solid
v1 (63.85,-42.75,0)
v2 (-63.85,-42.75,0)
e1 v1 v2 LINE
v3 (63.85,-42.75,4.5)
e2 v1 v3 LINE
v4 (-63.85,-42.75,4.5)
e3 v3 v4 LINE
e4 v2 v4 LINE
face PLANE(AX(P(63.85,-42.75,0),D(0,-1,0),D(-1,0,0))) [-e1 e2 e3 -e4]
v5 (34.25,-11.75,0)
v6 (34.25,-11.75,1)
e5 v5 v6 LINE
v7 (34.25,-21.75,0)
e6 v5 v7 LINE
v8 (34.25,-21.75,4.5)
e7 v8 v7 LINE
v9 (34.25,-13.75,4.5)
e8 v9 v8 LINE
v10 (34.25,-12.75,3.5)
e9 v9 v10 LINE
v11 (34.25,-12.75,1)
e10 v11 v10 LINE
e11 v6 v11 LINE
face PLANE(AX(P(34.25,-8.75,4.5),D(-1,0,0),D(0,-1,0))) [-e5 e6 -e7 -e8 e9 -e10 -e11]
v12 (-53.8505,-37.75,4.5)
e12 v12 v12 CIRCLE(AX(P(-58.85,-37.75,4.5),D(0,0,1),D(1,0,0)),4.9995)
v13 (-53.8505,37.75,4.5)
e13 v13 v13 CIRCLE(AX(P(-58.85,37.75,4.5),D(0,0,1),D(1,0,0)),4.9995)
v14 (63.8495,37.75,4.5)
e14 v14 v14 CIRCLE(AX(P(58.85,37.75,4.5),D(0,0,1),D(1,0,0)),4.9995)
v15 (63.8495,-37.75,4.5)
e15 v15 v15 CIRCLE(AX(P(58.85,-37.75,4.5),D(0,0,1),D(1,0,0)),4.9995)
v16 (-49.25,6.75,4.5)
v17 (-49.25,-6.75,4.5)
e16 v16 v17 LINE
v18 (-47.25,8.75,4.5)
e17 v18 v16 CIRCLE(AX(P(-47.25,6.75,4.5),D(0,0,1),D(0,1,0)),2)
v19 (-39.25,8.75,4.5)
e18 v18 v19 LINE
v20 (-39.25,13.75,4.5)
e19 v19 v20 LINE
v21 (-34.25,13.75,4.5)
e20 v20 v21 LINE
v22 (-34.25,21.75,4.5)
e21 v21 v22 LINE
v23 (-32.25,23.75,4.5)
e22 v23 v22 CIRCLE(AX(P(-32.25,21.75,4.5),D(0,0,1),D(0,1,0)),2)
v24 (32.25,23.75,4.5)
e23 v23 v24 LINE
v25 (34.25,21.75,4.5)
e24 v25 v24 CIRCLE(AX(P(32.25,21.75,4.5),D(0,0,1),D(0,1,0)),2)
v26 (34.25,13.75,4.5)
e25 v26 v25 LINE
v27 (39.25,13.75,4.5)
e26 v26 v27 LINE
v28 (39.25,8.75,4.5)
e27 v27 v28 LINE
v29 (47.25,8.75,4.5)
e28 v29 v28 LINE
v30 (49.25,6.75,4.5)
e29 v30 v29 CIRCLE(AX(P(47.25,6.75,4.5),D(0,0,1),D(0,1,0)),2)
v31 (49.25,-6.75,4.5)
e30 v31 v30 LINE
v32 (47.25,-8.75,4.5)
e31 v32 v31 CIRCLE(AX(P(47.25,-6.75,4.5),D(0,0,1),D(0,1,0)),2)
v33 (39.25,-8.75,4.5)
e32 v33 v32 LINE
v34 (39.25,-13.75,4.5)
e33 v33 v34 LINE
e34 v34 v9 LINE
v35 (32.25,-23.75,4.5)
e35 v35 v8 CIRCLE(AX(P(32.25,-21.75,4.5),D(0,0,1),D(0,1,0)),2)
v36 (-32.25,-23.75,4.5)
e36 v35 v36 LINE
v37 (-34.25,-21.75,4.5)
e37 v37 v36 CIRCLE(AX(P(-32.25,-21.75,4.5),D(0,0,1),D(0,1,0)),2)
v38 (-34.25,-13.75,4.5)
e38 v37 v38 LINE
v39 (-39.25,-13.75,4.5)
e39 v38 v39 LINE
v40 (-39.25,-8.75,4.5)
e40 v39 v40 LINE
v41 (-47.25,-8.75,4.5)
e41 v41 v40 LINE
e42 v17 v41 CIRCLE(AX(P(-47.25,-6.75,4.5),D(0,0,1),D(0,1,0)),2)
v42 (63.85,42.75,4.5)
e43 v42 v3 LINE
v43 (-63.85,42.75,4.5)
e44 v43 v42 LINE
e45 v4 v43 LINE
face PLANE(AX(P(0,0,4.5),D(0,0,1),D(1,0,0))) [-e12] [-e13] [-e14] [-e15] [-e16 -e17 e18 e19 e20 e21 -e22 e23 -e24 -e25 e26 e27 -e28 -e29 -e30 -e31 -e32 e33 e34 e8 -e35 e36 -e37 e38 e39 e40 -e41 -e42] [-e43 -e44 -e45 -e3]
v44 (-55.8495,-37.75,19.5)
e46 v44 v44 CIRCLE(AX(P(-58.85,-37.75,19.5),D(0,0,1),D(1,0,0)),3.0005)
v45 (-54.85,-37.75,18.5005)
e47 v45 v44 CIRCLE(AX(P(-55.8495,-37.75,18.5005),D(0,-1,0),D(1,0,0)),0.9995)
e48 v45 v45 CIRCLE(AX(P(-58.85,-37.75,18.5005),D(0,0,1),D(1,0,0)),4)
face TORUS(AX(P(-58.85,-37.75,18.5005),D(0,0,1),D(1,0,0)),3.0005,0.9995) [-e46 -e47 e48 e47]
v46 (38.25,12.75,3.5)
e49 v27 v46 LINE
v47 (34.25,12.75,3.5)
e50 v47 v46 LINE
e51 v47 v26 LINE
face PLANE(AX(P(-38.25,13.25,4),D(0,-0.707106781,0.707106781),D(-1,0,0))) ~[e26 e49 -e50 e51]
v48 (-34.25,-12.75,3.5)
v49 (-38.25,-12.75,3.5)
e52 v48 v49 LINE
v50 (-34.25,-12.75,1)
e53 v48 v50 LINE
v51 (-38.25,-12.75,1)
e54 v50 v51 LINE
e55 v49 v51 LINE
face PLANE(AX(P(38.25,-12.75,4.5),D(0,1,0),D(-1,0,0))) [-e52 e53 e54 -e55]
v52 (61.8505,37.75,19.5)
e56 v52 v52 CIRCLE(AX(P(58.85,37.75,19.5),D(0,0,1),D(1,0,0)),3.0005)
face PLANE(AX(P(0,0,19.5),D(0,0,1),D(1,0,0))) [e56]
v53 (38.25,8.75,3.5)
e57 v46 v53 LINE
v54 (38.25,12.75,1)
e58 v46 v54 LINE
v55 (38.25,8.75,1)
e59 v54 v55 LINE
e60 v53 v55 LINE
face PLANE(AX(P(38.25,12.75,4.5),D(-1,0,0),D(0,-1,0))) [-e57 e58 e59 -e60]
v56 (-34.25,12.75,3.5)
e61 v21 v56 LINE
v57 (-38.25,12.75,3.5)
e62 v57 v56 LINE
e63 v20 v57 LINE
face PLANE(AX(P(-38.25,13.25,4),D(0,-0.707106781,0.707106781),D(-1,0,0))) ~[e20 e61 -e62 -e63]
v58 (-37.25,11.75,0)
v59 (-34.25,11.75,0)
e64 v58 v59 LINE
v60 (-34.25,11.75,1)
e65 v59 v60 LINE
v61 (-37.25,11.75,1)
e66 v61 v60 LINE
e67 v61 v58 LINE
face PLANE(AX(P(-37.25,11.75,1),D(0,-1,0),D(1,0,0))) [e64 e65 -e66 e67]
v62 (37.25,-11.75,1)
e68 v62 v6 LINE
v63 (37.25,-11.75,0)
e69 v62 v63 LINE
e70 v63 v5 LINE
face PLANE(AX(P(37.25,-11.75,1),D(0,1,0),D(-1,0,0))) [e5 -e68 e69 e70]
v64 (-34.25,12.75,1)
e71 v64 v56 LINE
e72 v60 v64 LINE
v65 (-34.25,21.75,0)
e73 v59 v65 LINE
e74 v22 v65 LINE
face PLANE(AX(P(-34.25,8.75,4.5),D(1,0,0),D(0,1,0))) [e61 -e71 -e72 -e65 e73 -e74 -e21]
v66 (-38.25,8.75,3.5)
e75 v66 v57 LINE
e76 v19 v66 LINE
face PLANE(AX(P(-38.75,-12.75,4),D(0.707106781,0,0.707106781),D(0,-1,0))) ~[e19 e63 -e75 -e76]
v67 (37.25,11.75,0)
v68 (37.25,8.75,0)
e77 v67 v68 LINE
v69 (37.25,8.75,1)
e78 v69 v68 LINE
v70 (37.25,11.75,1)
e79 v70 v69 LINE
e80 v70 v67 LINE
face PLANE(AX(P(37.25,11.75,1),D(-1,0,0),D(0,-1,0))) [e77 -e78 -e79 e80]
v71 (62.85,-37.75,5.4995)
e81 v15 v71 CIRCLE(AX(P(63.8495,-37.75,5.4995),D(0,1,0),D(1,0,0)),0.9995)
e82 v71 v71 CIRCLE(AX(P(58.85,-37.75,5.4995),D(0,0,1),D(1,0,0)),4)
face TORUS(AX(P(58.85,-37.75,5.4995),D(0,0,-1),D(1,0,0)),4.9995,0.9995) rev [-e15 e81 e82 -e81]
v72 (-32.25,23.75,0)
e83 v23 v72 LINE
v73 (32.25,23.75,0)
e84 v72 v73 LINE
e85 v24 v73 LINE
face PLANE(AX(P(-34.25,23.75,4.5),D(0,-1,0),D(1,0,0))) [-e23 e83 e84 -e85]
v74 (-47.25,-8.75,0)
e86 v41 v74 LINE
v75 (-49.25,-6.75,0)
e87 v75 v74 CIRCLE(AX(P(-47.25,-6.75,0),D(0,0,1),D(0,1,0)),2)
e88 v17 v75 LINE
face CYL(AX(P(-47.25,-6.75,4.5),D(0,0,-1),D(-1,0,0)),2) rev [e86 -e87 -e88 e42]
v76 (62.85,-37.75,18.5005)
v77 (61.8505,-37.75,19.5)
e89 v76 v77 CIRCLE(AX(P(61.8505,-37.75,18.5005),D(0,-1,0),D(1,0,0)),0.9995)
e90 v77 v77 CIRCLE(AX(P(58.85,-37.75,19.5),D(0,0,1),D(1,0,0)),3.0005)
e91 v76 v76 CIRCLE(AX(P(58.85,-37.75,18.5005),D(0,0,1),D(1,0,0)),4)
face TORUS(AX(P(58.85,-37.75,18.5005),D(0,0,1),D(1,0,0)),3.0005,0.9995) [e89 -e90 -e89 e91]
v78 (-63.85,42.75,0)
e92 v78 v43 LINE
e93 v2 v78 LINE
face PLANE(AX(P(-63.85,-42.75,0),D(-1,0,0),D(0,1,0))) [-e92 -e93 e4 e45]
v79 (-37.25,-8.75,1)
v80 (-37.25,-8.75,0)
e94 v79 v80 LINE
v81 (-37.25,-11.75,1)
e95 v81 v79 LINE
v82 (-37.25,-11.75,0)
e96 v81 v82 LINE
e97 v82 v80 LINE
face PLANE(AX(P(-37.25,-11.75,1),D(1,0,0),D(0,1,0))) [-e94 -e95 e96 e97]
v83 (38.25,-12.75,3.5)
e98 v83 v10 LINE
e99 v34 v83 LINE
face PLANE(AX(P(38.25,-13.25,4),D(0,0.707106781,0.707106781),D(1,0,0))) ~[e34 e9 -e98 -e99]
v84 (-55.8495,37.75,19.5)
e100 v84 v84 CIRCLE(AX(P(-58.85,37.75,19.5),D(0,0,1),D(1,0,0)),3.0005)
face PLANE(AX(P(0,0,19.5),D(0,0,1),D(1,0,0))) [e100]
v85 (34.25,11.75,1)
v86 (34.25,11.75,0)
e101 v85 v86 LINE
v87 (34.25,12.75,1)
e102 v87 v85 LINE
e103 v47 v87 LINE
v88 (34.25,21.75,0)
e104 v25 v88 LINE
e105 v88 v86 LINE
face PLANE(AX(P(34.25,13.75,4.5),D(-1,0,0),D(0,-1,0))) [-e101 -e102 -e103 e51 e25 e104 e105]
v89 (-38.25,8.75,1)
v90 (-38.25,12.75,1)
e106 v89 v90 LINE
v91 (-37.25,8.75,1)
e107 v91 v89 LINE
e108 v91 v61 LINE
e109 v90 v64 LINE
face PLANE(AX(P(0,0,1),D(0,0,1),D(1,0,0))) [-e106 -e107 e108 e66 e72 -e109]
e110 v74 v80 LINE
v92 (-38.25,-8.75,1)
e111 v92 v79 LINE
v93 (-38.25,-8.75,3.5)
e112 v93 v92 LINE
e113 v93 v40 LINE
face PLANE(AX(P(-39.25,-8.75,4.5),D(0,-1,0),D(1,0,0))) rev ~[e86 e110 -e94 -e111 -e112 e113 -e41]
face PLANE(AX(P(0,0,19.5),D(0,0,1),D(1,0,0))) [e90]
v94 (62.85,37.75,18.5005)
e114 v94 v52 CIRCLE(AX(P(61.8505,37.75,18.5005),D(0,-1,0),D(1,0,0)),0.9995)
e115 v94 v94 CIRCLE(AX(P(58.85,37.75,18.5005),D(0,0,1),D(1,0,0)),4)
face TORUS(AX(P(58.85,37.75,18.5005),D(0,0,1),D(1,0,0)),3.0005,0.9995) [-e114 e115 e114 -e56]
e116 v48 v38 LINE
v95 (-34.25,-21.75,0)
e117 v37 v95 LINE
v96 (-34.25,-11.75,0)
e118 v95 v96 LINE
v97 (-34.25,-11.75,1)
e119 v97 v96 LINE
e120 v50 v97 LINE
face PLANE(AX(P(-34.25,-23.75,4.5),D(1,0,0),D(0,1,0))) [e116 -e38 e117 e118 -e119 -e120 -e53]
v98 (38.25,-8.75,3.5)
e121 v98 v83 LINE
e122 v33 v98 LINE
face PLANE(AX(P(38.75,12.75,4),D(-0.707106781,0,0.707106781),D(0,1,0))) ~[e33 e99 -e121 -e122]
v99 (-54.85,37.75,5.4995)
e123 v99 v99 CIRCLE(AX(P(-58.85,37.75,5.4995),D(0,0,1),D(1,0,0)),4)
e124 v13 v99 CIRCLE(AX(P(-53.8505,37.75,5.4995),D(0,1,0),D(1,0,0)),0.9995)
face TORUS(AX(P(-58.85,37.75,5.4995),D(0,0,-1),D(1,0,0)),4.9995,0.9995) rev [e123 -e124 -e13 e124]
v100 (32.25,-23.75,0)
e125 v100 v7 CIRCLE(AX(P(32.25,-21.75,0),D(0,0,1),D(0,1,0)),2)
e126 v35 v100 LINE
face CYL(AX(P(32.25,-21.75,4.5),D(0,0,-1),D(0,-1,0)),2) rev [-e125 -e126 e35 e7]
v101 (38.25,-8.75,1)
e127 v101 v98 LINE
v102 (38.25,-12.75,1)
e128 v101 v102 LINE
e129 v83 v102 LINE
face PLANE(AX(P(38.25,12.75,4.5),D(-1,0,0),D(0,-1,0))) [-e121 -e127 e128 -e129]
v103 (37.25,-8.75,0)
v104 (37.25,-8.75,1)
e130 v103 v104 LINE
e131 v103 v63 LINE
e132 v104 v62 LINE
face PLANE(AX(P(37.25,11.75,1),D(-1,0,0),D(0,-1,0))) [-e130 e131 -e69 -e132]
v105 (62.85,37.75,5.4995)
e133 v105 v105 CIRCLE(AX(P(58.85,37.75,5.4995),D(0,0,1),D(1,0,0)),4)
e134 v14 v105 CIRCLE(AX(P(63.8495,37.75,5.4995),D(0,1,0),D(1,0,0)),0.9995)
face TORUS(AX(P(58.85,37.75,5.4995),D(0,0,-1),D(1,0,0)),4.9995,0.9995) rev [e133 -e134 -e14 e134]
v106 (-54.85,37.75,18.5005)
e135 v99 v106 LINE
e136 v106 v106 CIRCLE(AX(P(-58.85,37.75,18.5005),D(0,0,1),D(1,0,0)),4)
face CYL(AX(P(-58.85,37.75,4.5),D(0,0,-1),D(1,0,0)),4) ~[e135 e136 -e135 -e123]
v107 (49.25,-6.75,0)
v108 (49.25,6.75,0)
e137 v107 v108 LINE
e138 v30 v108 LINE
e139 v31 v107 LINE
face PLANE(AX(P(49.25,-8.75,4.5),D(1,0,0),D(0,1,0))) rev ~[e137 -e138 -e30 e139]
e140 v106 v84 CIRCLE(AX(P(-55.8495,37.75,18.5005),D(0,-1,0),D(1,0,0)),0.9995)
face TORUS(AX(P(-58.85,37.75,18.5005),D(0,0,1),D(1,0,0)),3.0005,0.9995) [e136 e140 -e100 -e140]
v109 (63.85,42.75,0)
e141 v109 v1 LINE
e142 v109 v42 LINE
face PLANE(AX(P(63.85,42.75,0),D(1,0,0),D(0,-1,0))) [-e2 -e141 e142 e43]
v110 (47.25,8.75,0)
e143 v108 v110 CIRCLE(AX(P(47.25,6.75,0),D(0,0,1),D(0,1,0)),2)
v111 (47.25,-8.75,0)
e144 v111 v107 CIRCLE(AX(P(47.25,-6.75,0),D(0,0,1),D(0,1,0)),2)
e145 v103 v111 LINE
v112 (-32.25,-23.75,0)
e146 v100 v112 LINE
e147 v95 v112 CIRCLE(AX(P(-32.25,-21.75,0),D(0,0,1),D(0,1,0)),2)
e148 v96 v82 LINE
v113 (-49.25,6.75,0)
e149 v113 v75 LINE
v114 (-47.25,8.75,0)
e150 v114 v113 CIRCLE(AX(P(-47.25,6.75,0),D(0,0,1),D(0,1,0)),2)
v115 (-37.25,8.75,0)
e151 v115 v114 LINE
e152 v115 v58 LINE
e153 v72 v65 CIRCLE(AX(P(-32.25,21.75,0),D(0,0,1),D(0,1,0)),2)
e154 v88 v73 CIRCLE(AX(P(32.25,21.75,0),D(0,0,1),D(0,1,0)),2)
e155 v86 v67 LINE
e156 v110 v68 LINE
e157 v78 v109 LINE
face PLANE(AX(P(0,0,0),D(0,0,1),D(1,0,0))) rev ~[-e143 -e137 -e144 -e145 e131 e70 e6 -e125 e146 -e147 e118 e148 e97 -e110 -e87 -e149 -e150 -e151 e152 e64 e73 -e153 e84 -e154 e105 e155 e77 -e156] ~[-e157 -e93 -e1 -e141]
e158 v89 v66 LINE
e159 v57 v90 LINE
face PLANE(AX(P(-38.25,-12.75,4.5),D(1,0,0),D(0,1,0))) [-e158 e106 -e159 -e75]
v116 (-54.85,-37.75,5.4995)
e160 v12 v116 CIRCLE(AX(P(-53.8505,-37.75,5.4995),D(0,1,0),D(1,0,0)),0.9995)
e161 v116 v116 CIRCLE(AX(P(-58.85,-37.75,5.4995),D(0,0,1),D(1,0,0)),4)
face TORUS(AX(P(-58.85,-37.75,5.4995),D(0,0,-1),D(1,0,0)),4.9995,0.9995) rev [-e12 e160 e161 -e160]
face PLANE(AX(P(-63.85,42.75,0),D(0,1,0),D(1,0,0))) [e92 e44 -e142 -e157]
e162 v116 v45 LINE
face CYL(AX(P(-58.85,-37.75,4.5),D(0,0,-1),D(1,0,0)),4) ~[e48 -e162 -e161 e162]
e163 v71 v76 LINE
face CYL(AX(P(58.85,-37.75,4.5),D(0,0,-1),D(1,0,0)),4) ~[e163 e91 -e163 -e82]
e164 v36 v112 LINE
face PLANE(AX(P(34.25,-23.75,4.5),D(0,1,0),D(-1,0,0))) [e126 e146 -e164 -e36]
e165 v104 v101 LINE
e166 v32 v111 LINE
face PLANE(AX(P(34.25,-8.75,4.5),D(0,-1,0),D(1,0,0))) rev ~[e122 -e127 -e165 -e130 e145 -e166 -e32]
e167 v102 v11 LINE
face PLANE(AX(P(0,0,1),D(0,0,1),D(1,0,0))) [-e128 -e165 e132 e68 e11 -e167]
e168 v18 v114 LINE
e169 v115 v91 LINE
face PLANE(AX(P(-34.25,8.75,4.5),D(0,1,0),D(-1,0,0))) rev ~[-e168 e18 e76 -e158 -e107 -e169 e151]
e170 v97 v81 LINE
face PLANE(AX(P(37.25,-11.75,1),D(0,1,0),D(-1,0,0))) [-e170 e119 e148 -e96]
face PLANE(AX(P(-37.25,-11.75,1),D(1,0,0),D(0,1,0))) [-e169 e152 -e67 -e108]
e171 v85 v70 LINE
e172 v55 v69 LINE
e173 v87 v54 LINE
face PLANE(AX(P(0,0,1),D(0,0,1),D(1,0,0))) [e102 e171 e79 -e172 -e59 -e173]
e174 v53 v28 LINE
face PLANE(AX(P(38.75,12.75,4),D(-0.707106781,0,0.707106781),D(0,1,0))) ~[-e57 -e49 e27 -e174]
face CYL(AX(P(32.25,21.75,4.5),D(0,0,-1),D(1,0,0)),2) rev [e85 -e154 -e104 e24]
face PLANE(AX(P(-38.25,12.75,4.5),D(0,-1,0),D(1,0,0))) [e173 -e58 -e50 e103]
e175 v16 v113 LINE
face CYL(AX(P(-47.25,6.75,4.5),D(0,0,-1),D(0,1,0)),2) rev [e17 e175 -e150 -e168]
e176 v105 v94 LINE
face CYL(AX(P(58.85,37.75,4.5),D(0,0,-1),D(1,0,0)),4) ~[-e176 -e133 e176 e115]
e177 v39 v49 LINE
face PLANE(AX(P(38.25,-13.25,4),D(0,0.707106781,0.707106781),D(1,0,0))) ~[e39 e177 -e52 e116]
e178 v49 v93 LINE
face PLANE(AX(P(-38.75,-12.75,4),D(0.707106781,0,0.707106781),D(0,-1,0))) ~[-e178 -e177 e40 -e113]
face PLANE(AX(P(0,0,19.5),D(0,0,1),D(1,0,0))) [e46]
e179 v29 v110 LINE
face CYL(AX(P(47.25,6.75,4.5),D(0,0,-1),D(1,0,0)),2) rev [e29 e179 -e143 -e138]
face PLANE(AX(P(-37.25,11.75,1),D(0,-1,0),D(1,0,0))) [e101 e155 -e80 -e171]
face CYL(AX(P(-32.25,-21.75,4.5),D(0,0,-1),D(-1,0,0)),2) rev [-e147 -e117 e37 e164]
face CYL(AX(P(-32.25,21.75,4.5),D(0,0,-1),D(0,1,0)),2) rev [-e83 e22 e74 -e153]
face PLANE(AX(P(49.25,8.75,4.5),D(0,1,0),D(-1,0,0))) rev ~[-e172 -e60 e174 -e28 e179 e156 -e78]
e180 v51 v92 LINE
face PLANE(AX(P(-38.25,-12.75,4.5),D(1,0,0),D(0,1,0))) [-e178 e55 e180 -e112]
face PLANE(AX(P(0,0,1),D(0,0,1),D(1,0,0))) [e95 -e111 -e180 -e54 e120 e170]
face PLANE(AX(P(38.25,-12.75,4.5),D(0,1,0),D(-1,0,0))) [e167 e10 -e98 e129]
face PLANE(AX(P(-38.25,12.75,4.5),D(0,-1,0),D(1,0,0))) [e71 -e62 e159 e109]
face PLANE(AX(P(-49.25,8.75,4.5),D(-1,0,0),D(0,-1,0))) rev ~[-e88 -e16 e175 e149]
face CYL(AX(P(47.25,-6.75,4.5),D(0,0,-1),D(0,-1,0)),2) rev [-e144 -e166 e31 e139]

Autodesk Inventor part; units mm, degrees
ref_plane "YZ Plane" through (0, 0, 0) normal (1, 0, 0) x (0, 1, 0)
ref_plane "XZ Plane" through (0, 0, 0) normal (0, 1, 0) x (-1, 0, 0)
ref_plane "XY Plane" through (0, 0, 0) normal (0, 0, 1) x (1, 0, 0)
sketch "Sketch1" plane through (0, 0, 0) normal (0, 0, 1) x (1, 0, 0)
  line L0 (-63.85, 42.75) -> (63.85, 42.75)
  line L1 (63.85, 42.75) -> (63.85, -42.75)
  line L2 (63.85, -42.75) -> (-63.85, -42.75)
  line L3 (-63.85, -42.75) -> (-63.85, 42.75)
  line L4 (-63.85, 42.75) -> (63.85, -42.75) construction
  line L5 (63.85, 42.75) -> (-63.85, -42.75) construction
  point P0 (0, 0)
  dimension "d0" = 127.7
  dimension "d1" = 85.5
extrude "Extrusion1" add sketch "Sketch1" along normal blind 4.5
sketch "Sketch2" plane through (0, 0, 4.5) normal (0, 0, 1) x (1, 0, 0)
  line L0 (-38.25, 12.75) -> (38.25, 12.75)
  line L1 (38.25, 12.75) -> (38.25, -12.75)
  line L2 (38.25, -12.75) -> (-38.25, -12.75)
  line L3 (-38.25, -12.75) -> (-38.25, 12.75)
  line L4 (-38.25, 12.75) -> (38.25, -12.75) construction
  line L5 (38.25, 12.75) -> (-38.25, -12.75) construction
  point P0 (0, 0)
  dimension "d4" = 76.5
  dimension "d5" = 25.5
extrude "Extrusion2" cut sketch "Sketch2" against normal blind 3.5
sketch "Sketch3" plane through (0, 0, 1) normal (0, 0, 1) x (1, 0, 0)
  line L0 (-38.25, 12.75) -> (38.25, 12.75) projected
  line L1 (38.25, 12.75) -> (38.25, -12.75) projected
  line L2 (-37.25, 11.75) -> (37.25, 11.75)
  line L3 (37.25, 11.75) -> (37.25, -11.75)
  line L4 (37.25, -11.75) -> (-37.25, -11.75)
  line L5 (-37.25, -11.75) -> (-37.25, 11.75)
  line L6 (-37.25, 11.75) -> (37.25, -11.75) construction
  line L7 (37.25, 11.75) -> (-37.25, -11.75) construction
  line L8 (0, 11.75) -> (0, 12.75) construction
  line L9 (37.25, 0) -> (38.25, 0) construction
  point P0 (0, 0)
  dimension "d8" = 1
extrude "Extrusion3" cut sketch "Sketch3" against normal through all
chamfer "Chamfer1" distance 1 angle 45 4 edges at (-38.25, 0, 4.5) (0, 12.75, 4.5) (38.25, 0, 4.5) (0, -12.75, 4.5)
sketch "Sketch4" plane through (0, 0, 4.5) normal (0, 0, 1) x (1, 0, 0)
  line L0 (63.85, 42.75) -> (-63.85, 42.75) projected
  circle A0 centre (-58.85, 37.75) radius 4
  line L1 (-63.85, 42.75) -> (-58.85, 42.75) construction
  line L2 (-58.85, 42.75) -> (-58.85, 37.75) construction
  line L3 (-63.85, 42.75) -> (-63.85, -42.75) projected
  line L4 (-63.85, -42.75) -> (63.85, -42.75) projected
  line L5 (63.85, -42.75) -> (63.85, 42.75) projected
  line L6 (0, 42.75) -> (0, -42.75) construction
  line L7 (-63.85, 0) -> (63.85, 0) construction
  circle A1 centre (58.85, 37.75) radius 4
  circle A2 centre (-58.85, -37.75) radius 4
  circle A3 centre (58.85, -37.75) radius 4
  point P0 (0, 0)
  dimension "d15" = 8
  dimension "d17" = 5
extrude "Extrusion4" add sketch "Sketch4" along normal blind 15 contours A0 | A1 | A2 | A3
fillet "Fillet1" radius 1 8 edges at (-62.85, 37.75, 19.5) (-62.85, 37.75, 4.5) (-62.85, -37.75, 19.5) (-62.85, -37.75, 4.5) (54.85, 37.75, 19.5) (54.85, 37.75, 4.5) (54.85, -37.75, 19.5) (54.85, -37.75, 4.5)
sketch "Sketch5" plane through (0, 0, 4.5) normal (0, 0, 1) x (1, 0, 0)
  line L0 (-39.25, 13.75) -> (-39.25, -13.75) projected
  line L1 (39.25, 13.75) -> (-39.25, 13.75) projected
  line L2 (34.25, -23.75) -> (-34.25, -23.75)
  line L3 (-34.25, -23.75) -> (-34.25, 23.75)
  line L4 (-34.25, 23.75) -> (34.25, 23.75)
  line L5 (34.25, 23.75) -> (34.25, -23.75)
  line L6 (34.25, -23.75) -> (-34.25, 23.75) construction
  line L7 (-34.25, -23.75) -> (34.25, 23.75) construction
  line L8 (-49.25, -8.75) -> (49.25, -8.75)
  line L9 (49.25, -8.75) -> (49.25, 8.75)
  line L10 (49.25, 8.75) -> (-49.25, 8.75)
  line L11 (-49.25, 8.75) -> (-49.25, -8.75)
  line L12 (-49.25, -8.75) -> (49.25, 8.75) construction
  line L13 (49.25, -8.75) -> (-49.25, 8.75) construction
  line L14 (34.25, 23.75) -> (34.25, 13.75) construction
  line L15 (-34.25, 13.75) -> (-39.25, 13.75) construction
  line L16 (-39.25, -8.75) -> (-39.25, -13.75) construction
  line L17 (-39.25, 8.75) -> (-49.25, 8.75) construction
  line L18 (-39.25, 8.75) -> (-49.25, 8.75) construction
  point P0 (0, 0)
  dimension "d22" = 10
  dimension "d24" = 5
  dimension "d25" = 5
  dimension "d26" = 10
extrude "Extrusion5" cut sketch "Sketch5" against normal through all contours L10 L3 L8 L0 | L0 L8 L11 L10 | L3 L4 L5 L1 | L1 L5 L10 L3 | L10 L5 L8 L3 | L8 L5 L2 L3 | L10 L9 L8 L5
fillet "Fillet2" radius 2 8 edges at (34.25, -23.75, 2.25) (49.25, -8.75, 2.25) (49.25, 8.75, 2.25) (34.25, 23.75, 2.25) (-34.25, 23.75, 2.25) (-49.25, 8.75, 2.25) (-34.25, -23.75, 2.25) (-49.25, -8.75, 2.25)
properties part number "1x3 slide SD stage insert large clearance"
